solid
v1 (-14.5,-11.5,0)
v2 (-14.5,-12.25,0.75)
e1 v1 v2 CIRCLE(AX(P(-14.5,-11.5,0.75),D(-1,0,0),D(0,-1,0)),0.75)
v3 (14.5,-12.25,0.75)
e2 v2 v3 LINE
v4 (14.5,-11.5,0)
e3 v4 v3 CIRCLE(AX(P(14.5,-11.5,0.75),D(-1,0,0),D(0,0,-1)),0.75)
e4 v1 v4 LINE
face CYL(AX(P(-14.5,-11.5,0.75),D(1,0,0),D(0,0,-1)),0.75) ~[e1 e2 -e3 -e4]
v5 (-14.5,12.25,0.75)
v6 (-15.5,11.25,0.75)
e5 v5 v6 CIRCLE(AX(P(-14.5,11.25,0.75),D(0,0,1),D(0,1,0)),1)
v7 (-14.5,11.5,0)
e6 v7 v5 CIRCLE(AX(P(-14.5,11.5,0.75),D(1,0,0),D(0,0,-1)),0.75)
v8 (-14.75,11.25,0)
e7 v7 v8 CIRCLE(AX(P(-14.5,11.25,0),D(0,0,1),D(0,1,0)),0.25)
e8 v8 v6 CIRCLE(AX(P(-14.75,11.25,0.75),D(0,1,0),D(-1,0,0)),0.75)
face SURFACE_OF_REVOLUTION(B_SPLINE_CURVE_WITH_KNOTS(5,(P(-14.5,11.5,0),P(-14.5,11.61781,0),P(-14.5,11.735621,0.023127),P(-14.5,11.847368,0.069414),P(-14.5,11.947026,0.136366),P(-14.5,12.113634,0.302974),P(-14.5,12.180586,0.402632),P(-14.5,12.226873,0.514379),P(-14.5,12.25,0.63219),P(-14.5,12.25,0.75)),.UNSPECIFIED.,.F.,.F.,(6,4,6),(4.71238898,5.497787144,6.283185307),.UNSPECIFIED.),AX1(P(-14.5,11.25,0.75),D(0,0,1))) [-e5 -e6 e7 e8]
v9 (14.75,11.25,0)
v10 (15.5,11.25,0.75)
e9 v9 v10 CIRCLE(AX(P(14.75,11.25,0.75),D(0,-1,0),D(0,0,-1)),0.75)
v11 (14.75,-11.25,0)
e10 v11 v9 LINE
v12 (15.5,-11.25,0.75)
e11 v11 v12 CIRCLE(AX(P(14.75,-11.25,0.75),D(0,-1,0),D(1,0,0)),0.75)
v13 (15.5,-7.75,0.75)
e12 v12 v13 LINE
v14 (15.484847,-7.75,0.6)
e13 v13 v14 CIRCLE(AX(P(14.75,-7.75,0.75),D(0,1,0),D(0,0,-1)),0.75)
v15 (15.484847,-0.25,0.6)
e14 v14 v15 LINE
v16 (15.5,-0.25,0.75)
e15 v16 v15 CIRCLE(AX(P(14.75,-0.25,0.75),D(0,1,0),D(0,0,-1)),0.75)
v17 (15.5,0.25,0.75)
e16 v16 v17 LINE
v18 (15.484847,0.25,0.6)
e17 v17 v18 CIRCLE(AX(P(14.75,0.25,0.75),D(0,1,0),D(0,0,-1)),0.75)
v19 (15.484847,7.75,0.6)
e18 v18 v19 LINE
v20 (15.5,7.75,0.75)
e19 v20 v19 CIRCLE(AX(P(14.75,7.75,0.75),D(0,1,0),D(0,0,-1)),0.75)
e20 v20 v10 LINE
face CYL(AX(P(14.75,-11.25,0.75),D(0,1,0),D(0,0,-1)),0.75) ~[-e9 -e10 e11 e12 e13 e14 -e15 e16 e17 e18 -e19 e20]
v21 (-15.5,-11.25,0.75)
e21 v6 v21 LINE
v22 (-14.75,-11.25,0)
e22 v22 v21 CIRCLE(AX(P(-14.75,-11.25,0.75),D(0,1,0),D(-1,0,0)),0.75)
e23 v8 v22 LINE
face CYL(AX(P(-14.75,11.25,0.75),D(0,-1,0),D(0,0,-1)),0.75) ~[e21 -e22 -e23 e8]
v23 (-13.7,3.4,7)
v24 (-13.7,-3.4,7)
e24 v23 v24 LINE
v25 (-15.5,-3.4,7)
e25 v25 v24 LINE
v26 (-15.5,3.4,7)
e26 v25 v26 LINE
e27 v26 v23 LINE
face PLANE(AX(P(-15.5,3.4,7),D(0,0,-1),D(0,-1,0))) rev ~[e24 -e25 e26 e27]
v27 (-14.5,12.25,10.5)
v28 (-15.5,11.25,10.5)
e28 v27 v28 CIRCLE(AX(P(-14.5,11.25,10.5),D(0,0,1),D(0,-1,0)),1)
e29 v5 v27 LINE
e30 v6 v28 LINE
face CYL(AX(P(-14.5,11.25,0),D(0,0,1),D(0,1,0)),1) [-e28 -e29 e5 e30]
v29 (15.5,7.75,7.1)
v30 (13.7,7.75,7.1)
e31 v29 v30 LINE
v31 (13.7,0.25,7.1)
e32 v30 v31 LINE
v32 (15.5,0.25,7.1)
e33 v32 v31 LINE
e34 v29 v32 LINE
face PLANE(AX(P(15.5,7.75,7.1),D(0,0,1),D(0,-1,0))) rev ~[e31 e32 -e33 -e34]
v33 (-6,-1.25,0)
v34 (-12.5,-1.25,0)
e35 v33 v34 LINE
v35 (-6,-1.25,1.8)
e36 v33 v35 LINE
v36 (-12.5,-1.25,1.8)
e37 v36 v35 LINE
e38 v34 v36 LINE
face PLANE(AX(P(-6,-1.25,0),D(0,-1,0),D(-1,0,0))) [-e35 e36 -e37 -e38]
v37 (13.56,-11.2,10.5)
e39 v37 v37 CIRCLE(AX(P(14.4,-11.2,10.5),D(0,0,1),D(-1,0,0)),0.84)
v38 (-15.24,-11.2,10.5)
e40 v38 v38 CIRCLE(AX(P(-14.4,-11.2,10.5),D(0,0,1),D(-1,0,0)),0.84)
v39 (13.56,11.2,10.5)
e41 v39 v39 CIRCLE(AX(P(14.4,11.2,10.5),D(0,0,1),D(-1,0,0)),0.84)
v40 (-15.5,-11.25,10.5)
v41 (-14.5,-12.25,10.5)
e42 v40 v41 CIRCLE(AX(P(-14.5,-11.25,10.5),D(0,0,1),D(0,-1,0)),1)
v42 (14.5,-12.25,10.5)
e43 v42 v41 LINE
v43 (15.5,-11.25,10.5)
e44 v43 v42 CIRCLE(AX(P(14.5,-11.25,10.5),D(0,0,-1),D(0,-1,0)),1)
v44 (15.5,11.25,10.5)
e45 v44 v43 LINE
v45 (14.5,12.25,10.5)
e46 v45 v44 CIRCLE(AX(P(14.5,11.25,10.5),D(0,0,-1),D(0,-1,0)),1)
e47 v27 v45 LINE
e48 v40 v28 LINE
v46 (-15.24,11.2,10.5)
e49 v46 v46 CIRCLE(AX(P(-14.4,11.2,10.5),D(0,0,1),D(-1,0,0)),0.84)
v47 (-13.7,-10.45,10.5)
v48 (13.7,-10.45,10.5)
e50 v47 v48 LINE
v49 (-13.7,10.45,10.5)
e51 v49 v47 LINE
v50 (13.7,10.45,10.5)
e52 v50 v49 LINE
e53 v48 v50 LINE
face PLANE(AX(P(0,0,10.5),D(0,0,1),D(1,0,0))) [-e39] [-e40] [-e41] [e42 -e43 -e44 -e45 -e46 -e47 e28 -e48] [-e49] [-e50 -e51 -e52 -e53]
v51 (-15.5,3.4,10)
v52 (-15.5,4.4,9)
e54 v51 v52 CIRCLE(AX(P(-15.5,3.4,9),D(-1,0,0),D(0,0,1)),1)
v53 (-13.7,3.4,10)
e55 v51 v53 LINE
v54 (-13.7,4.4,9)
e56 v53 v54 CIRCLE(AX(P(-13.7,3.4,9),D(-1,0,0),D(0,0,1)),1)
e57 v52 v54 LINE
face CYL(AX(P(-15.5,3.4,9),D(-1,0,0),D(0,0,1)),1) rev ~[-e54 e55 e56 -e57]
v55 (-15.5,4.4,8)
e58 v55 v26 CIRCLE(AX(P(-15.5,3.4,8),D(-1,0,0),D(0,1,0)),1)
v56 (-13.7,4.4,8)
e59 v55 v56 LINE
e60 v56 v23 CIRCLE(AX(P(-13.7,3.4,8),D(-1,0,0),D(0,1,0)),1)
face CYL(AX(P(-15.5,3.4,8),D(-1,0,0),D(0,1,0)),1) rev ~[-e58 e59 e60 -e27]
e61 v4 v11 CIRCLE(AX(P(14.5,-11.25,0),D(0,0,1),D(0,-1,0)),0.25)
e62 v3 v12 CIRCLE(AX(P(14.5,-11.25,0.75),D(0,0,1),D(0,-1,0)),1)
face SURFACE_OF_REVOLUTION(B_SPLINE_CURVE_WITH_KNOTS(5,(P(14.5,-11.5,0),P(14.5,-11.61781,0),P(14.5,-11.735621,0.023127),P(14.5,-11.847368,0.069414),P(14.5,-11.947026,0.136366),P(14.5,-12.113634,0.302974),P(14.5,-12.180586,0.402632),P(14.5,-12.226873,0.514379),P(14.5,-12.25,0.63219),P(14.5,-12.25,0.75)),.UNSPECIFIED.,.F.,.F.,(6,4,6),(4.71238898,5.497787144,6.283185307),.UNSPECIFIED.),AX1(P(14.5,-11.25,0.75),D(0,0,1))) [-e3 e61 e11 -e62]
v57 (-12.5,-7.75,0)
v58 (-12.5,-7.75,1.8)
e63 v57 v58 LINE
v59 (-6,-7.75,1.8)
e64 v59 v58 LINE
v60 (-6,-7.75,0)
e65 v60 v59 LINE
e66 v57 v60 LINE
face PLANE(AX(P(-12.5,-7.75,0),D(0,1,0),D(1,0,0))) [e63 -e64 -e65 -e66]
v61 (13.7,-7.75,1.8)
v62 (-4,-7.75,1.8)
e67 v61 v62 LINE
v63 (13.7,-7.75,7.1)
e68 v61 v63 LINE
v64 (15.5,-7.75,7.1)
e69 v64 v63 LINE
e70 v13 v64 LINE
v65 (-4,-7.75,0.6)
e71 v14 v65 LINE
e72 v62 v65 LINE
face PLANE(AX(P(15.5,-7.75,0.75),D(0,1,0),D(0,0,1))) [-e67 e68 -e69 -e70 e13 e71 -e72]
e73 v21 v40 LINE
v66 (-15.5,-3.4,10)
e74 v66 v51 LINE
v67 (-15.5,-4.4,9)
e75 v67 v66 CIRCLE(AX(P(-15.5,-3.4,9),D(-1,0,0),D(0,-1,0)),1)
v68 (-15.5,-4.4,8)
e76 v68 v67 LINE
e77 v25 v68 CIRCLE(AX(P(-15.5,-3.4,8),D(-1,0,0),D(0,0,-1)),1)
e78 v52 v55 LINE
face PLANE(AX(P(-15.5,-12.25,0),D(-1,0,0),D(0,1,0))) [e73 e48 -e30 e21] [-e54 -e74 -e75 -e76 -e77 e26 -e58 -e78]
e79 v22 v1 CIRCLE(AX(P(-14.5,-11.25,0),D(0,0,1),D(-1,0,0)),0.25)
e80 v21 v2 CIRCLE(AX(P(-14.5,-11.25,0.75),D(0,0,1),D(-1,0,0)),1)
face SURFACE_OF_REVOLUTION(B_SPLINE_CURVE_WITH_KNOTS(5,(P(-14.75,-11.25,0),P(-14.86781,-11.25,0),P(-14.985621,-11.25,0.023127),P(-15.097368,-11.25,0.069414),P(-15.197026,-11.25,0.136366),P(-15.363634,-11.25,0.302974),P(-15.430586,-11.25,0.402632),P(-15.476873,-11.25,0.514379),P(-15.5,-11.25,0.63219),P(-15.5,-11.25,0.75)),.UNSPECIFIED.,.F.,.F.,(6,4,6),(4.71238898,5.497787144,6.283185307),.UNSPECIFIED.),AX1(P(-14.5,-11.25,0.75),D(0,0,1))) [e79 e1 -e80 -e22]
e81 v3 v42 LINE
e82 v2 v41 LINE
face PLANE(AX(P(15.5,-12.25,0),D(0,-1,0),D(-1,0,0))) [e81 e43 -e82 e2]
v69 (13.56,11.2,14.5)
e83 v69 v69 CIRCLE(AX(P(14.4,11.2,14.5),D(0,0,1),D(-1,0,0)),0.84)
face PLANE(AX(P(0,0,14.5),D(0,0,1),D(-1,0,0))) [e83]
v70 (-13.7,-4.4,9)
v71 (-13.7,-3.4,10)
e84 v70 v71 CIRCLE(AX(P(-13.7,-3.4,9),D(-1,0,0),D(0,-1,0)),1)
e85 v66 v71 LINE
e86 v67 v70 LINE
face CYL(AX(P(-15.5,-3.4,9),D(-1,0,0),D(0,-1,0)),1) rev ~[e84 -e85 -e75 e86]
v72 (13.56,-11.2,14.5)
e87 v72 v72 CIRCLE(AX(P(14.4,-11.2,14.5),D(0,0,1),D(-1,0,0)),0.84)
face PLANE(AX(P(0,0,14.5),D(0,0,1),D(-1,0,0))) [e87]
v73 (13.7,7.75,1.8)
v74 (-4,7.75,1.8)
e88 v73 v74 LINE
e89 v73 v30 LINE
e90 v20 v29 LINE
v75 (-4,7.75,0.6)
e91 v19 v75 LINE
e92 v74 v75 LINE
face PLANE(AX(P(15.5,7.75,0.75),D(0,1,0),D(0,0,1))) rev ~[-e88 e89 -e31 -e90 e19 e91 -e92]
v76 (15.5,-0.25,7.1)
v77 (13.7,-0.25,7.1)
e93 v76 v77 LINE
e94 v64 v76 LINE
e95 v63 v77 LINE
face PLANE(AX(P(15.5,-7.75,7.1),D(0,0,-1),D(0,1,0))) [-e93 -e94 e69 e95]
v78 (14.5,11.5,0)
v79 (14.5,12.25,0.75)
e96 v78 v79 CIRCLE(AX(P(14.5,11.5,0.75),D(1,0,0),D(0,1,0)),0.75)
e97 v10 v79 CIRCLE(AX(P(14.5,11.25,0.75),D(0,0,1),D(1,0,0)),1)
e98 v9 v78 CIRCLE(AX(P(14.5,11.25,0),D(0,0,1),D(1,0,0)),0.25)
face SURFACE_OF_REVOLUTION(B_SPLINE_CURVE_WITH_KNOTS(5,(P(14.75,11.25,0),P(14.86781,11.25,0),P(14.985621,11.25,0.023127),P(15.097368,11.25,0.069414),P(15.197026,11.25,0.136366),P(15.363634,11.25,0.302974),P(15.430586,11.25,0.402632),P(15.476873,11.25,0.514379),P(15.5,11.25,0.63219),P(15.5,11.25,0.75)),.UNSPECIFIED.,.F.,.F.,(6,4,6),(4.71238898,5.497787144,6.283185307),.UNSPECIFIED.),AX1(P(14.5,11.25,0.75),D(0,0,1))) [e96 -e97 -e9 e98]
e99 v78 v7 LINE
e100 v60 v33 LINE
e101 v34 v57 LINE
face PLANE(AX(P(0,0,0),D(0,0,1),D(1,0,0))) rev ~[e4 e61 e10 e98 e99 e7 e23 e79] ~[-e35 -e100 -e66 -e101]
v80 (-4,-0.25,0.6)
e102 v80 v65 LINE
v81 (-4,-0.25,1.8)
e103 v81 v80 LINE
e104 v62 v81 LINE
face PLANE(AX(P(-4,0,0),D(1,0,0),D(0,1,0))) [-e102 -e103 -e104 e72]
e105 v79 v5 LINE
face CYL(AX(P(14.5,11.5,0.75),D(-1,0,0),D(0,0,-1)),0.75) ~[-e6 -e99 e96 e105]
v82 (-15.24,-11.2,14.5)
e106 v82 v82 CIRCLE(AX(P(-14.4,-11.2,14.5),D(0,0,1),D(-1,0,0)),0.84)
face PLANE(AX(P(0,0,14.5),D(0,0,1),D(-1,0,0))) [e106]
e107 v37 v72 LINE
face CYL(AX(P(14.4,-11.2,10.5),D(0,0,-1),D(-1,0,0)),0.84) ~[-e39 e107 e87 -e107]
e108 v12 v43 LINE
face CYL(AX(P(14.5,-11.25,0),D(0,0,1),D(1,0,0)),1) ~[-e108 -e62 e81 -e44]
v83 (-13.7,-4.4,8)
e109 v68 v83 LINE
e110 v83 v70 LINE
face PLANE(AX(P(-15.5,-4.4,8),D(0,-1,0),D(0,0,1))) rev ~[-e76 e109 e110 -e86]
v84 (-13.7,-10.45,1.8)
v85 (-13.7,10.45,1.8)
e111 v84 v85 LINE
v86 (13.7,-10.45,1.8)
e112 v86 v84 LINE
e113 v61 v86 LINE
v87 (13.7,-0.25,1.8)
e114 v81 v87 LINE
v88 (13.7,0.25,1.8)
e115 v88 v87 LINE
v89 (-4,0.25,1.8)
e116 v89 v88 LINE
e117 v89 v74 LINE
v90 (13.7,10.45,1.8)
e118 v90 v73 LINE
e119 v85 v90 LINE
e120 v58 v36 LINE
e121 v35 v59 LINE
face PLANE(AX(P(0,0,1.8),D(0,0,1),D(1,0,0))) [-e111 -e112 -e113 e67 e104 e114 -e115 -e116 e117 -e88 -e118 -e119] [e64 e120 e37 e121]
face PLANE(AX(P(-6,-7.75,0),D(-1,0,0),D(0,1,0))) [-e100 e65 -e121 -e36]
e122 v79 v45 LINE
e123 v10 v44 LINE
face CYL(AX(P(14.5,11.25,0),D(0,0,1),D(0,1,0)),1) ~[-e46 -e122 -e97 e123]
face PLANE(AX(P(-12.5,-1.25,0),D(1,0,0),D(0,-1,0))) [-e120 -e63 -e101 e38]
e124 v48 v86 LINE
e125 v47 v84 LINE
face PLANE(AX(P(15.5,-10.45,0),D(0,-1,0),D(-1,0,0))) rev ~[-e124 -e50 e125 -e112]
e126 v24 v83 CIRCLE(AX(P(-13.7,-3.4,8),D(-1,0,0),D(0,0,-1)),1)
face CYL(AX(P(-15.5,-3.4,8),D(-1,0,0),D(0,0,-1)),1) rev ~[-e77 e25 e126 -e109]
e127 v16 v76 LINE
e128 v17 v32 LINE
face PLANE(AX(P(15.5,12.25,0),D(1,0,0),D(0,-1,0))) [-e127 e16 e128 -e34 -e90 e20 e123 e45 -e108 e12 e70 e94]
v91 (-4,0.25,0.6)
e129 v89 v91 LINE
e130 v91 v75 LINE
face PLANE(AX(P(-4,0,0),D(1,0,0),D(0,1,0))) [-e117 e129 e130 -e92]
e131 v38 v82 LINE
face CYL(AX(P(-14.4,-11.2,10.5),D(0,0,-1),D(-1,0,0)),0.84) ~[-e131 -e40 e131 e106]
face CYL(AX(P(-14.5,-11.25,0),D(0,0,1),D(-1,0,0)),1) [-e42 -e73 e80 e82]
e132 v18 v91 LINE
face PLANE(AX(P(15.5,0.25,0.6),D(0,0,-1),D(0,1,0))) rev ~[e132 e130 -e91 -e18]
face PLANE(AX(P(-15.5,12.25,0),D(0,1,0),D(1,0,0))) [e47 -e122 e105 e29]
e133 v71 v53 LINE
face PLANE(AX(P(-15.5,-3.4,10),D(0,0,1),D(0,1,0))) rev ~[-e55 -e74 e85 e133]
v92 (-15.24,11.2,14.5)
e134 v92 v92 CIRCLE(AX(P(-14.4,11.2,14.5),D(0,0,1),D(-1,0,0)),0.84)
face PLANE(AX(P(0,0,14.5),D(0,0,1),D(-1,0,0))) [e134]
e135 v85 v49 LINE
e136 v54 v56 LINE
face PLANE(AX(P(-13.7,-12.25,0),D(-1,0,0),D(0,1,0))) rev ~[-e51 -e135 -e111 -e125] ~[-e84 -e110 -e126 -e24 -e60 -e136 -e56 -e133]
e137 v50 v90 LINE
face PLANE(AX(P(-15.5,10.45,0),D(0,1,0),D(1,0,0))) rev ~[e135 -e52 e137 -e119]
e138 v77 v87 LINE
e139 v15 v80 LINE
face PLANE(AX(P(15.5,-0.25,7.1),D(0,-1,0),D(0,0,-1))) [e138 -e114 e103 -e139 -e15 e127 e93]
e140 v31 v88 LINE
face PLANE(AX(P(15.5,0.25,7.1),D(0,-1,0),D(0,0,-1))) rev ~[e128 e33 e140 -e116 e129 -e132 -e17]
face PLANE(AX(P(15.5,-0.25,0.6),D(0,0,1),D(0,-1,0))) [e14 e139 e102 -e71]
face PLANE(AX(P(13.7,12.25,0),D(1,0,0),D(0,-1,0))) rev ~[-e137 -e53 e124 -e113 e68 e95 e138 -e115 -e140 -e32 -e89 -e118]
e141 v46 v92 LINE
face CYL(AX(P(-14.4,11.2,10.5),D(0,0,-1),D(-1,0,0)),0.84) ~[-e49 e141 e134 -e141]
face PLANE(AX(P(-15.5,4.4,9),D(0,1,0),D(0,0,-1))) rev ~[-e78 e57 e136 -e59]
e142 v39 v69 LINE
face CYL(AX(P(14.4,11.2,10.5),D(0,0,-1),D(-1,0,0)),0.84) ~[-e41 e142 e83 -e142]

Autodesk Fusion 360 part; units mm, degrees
sketch "Sketch1" plane through (0, 0, 0) normal (0, 0, 1) x (1, 0, 0)
  line L0 (-15.5, 12.25) -> (15.5, 12.25)
  line L1 (15.5, 12.25) -> (15.5, -12.25)
  line L2 (15.5, -12.25) -> (-15.5, -12.25)
  line L3 (-15.5, -12.25) -> (-15.5, 12.25)
  line L4 (-15.5, 12.25) -> (15.5, -12.25) construction
  line L5 (15.5, 12.25) -> (-15.5, -12.25) construction
  dimension "d1" = 31
  dimension "d2" = 24.5
extrude "Extrude1" add sketch "Sketch1" along normal blind 10.5
shell "Shell1" thickness 1.8 removed faces 1 at (-5.1667, 4.0833, 10.5)
sketch "Sketch2" plane through (0, 0, 10.5) normal (0, 0, 1) x (-1, 0, 0)
  line L0 (13.7, 10.45) -> (13.7, -10.45)
  line L1 (13.7, -10.45) -> (-13.7, -10.45)
  line L2 (-13.7, -10.45) -> (-13.7, 10.45)
  line L3 (-13.7, 10.45) -> (13.7, 10.45)
  line L4 (15.5, 12.25) -> (-15.5, 12.25)
  line L5 (-15.5, 12.25) -> (-15.5, -12.25)
  line L6 (-15.5, -12.25) -> (15.5, -12.25)
  line L7 (15.5, -12.25) -> (15.5, 12.25)
  circle A0 centre (14.4, -11.2) radius 0.84
  line L8 (0, 0) -> (0, -2)
  line L9 (0, 0) -> (4, 0)
  circle A1 centre (-14.4, -11.2) radius 0.84
  circle A2 centre (-14.4, 11.2) radius 0.84
  circle A3 centre (14.4, 11.2) radius 0.84
  dimension "d6" = 1.68
  dimension "d7" = 11.2
  dimension "d8" = 14.4
extrude "Extrude2" add sketch "Sketch2" along normal blind 4 contours A0 | A1 | A2 | A3
fillet "Fillet1" radius 1 1 edges at (15.5, -12.25, 5.25)
fillet "Fillet1" radius 1 1 edges at (15.5, 12.25, 5.25)
fillet "Fillet1" radius 1 1 edges at (-15.5, 12.25, 5.25)
fillet "Fillet1" radius 1 1 edges at (-15.5, -12.25, 5.25)
sketch "Sketch3" plane through (-15.5, 0, 0) normal (-1, 0, 0) x (0, -1, 0)
  line L0 (11.25, 0) -> (11.25, 10.5)
  line L1 (11.25, 10.5) -> (-11.25, 10.5)
  line L2 (-11.25, 10.5) -> (-11.25, 0)
  line L3 (-11.25, 0) -> (11.25, 0)
  line L4 (0, 0) -> (0, 7)
  line L5 (0, 7) -> (0, 8.5)
  line L6 (-3.4, 7) -> (3.4, 7)
  line L7 (4.4, 8) -> (4.4, 9)
  line L8 (3.4, 10) -> (-3.4, 10)
  line L9 (-4.4, 9) -> (-4.4, 8)
  line L10 (-4.4, 7) -> (4.4, 10) construction
  line L11 (4.4, 7) -> (-4.4, 10) construction
  arc A0 (-3.4, 10) -> (-4.4, 9) centre (-3.4, 9) ccw
  arc A1 (-4.4, 8) -> (-3.4, 7) centre (-3.4, 8) ccw
  arc A2 (3.4, 7) -> (4.4, 8) centre (3.4, 8) ccw
  arc A3 (4.4, 9) -> (3.4, 10) centre (3.4, 9) ccw
  point P0 (0, 8.5)
  dimension "d19" = 7
  dimension "d20" = 1.5
  dimension "d21" = 3
  dimension "d22" = 8.8
  dimension "d23" = 1
extrude "Extrude3" cut sketch "Sketch3" against normal blind 6 contours L6 L7 L8 L9 A0 A1 A2 A3
fillet "Fillet2" radius 0.75 8 edges at (-15.2071, -11.9571, 0) (-15.5, 0, 0) (-15.2071, 11.9571, 0) (0, 12.25, 0) (15.2071, 11.9571, 0) (15.5, 0, 0) (15.2071, -11.9571, 0) (0, -12.25, 0)
sketch "Sketch4" plane through (0, 0, 0) normal (0, 0, -1) x (1, 0, 0)
  arc A0 (-14.5, 11.5) -> (-14.75, 11.25) centre (-14.5, 11.25) ccw
  line L0 (-14.75, 11.25) -> (-14.75, -11.25)
  arc A1 (-14.75, -11.25) -> (-14.5, -11.5) centre (-14.5, -11.25) ccw
  line L1 (-14.5, -11.5) -> (14.5, -11.5)
  arc A2 (14.5, -11.5) -> (14.75, -11.25) centre (14.5, -11.25) ccw
  line L2 (14.75, -11.25) -> (14.75, 11.25)
  arc A3 (14.75, 11.25) -> (14.5, 11.5) centre (14.5, 11.25) ccw
  line L3 (14.5, 11.5) -> (-14.5, 11.5)
  line L4 (-14.75, 0) -> (-12.7501, 0.0149)
  line L5 (7.2499, 0.0149) -> (7.2499, 8.7649)
  line L6 (7.2499, 8.7649) -> (-12.7501, 8.7649)
  line L7 (-12.7501, 8.7649) -> (-12.7501, 0.0149)
  line L8 (7.2499, 0.0149) -> (7.2499, -8.7351)
  line L9 (7.2499, -8.7351) -> (-12.7501, -8.7351)
  line L10 (-12.7501, -8.7351) -> (-12.7501, 0.0149)
  line L11 (-12.7501, -8.7351) -> (-11.7501, -8.7351)
  line L12 (-11.7501, -8.7351) -> (-11.7501, -7.7351)
  line L13 (-11.7501, -7.7351) -> (-5.2501, -7.7351)
  line L14 (-5.2501, -7.7351) -> (-5.2501, -1.2351)
  line L15 (-5.2501, -1.2351) -> (-11.7501, -1.2351)
  line L16 (-11.7501, -1.2351) -> (-11.7501, -7.7351)
  line L17 (7.2499, 8.7649) -> (6.2499, 8.7649)
  line L18 (-5.2501, -7.7351) -> (-2.2501, -7.7351)
  line L19 (-2.2501, -7.7351) -> (12.4499, -7.7351)
  line L20 (12.4499, -7.7351) -> (12.4499, -0.7351)
  dimension "d32" = 20
  dimension "d33" = 8.75
  dimension "d34" = 1
  dimension "d35" = 1
  dimension "d38" = 6.5
  dimension "d39" = 6.5
  dimension "d42" = 1
  dimension "d54" = 3
  dimension "d55" = 14.7
  dimension "d56" = 7
sketch "Sketch6" plane through (0, 0, 0) normal (0, 0, -1) x (1, 0, 0)
  arc A0 (-14.5, 11.5) -> (-14.75, 11.25) centre (-14.5, 11.25) ccw
  line L0 (-14.75, 11.25) -> (-14.75, -11.25)
  arc A1 (-14.75, -11.25) -> (-14.5, -11.5) centre (-14.5, -11.25) ccw
  line L1 (-14.5, -11.5) -> (14.5, -11.5)
  arc A2 (14.5, -11.5) -> (14.75, -11.25) centre (14.5, -11.25) ccw
  line L2 (14.75, -11.25) -> (14.75, 11.25)
  arc A3 (14.75, 11.25) -> (14.5, 11.5) centre (14.5, 11.25) ccw
  line L3 (14.5, 11.5) -> (-14.5, 11.5)
  line L4 (-15.5, 0) -> (-13.5, 0)
  line L5 (6.5, 0) -> (6.5, 8.75)
  line L6 (6.5, 8.75) -> (-13.5, 8.75)
  line L7 (-13.5, 8.75) -> (-13.5, 0)
  line L8 (-13.5, -8.75) -> (-13.5, 0)
  line L9 (6.5, -8.75) -> (-13.5, -8.75)
  line L10 (6.5, 0) -> (6.5, -8.75)
  line L11 (-13.5, 8.75) -> (-13.5, 7.75)
  line L12 (-13.5, 7.75) -> (-12.5, 7.75)
  line L13 (-12.5, 7.75) -> (-6, 7.75)
  line L14 (-6, 7.75) -> (-6, 1.25)
  line L15 (-6, 1.25) -> (-12.5, 1.25)
  line L16 (-12.5, 1.25) -> (-12.5, 7.75)
  point P0 (-13.7, 10.45)
  dimension "d57" = 2
  dimension "d58" = 10.45
  dimension "d61" = 20
  dimension "d62" = 8.75
  dimension "d63" = 1
  dimension "d64" = 1
  dimension "d65" = 6.5
  dimension "d66" = 6.5
extrude "Extrude5" cut sketch "Sketch6" against normal blind 9 contours L13 L14 L15 L16
sketch "Sketch7" plane through (15.5, 0, 0) normal (1, 0, 0) x (0, 1, 0)
  line L0 (-11.25, 0.75) -> (11.25, 0.75)
  line L1 (11.25, 0.75) -> (11.25, 10.5)
  line L2 (11.25, 10.5) -> (-11.25, 10.5)
  line L3 (-11.25, 10.5) -> (-11.25, 0.75)
  line L4 (0, 10.5) -> (0, 7.1)
  line L5 (-8.75, 7.1) -> (-8.75, 10.5)
  line L6 (-8.75, 7.1) -> (-7.75, 7.1)
  line L7 (-7.75, 7.1) -> (-0.25, 7.1)
  line L8 (-0.25, 7.1) -> (-0.25, 0.6)
  line L9 (-0.25, 0.6) -> (-7.75, 0.6)
  line L10 (-7.75, 0.6) -> (-7.75, 7.1)
  line L11 (0.25, 7.1) -> (0.25, 0.6)
  line L12 (0.25, 0.6) -> (7.75, 0.6)
  line L13 (7.75, 0.6) -> (7.75, 7.1)
  line L14 (7.75, 7.1) -> (0.25, 7.1)
  dimension "d69" = 3.4
  dimension "d70" = 8.75
  dimension "d73" = 1
  dimension "d74" = 7.5
  dimension "d75" = 6.5
extrude "Extrude6" cut sketch "Sketch7" against normal blind 19.5 contours L0 L7 L8 L10 | L0 L8 L9 L10 | L0 L11 L13 L14 | L0 L11 L12 L13
